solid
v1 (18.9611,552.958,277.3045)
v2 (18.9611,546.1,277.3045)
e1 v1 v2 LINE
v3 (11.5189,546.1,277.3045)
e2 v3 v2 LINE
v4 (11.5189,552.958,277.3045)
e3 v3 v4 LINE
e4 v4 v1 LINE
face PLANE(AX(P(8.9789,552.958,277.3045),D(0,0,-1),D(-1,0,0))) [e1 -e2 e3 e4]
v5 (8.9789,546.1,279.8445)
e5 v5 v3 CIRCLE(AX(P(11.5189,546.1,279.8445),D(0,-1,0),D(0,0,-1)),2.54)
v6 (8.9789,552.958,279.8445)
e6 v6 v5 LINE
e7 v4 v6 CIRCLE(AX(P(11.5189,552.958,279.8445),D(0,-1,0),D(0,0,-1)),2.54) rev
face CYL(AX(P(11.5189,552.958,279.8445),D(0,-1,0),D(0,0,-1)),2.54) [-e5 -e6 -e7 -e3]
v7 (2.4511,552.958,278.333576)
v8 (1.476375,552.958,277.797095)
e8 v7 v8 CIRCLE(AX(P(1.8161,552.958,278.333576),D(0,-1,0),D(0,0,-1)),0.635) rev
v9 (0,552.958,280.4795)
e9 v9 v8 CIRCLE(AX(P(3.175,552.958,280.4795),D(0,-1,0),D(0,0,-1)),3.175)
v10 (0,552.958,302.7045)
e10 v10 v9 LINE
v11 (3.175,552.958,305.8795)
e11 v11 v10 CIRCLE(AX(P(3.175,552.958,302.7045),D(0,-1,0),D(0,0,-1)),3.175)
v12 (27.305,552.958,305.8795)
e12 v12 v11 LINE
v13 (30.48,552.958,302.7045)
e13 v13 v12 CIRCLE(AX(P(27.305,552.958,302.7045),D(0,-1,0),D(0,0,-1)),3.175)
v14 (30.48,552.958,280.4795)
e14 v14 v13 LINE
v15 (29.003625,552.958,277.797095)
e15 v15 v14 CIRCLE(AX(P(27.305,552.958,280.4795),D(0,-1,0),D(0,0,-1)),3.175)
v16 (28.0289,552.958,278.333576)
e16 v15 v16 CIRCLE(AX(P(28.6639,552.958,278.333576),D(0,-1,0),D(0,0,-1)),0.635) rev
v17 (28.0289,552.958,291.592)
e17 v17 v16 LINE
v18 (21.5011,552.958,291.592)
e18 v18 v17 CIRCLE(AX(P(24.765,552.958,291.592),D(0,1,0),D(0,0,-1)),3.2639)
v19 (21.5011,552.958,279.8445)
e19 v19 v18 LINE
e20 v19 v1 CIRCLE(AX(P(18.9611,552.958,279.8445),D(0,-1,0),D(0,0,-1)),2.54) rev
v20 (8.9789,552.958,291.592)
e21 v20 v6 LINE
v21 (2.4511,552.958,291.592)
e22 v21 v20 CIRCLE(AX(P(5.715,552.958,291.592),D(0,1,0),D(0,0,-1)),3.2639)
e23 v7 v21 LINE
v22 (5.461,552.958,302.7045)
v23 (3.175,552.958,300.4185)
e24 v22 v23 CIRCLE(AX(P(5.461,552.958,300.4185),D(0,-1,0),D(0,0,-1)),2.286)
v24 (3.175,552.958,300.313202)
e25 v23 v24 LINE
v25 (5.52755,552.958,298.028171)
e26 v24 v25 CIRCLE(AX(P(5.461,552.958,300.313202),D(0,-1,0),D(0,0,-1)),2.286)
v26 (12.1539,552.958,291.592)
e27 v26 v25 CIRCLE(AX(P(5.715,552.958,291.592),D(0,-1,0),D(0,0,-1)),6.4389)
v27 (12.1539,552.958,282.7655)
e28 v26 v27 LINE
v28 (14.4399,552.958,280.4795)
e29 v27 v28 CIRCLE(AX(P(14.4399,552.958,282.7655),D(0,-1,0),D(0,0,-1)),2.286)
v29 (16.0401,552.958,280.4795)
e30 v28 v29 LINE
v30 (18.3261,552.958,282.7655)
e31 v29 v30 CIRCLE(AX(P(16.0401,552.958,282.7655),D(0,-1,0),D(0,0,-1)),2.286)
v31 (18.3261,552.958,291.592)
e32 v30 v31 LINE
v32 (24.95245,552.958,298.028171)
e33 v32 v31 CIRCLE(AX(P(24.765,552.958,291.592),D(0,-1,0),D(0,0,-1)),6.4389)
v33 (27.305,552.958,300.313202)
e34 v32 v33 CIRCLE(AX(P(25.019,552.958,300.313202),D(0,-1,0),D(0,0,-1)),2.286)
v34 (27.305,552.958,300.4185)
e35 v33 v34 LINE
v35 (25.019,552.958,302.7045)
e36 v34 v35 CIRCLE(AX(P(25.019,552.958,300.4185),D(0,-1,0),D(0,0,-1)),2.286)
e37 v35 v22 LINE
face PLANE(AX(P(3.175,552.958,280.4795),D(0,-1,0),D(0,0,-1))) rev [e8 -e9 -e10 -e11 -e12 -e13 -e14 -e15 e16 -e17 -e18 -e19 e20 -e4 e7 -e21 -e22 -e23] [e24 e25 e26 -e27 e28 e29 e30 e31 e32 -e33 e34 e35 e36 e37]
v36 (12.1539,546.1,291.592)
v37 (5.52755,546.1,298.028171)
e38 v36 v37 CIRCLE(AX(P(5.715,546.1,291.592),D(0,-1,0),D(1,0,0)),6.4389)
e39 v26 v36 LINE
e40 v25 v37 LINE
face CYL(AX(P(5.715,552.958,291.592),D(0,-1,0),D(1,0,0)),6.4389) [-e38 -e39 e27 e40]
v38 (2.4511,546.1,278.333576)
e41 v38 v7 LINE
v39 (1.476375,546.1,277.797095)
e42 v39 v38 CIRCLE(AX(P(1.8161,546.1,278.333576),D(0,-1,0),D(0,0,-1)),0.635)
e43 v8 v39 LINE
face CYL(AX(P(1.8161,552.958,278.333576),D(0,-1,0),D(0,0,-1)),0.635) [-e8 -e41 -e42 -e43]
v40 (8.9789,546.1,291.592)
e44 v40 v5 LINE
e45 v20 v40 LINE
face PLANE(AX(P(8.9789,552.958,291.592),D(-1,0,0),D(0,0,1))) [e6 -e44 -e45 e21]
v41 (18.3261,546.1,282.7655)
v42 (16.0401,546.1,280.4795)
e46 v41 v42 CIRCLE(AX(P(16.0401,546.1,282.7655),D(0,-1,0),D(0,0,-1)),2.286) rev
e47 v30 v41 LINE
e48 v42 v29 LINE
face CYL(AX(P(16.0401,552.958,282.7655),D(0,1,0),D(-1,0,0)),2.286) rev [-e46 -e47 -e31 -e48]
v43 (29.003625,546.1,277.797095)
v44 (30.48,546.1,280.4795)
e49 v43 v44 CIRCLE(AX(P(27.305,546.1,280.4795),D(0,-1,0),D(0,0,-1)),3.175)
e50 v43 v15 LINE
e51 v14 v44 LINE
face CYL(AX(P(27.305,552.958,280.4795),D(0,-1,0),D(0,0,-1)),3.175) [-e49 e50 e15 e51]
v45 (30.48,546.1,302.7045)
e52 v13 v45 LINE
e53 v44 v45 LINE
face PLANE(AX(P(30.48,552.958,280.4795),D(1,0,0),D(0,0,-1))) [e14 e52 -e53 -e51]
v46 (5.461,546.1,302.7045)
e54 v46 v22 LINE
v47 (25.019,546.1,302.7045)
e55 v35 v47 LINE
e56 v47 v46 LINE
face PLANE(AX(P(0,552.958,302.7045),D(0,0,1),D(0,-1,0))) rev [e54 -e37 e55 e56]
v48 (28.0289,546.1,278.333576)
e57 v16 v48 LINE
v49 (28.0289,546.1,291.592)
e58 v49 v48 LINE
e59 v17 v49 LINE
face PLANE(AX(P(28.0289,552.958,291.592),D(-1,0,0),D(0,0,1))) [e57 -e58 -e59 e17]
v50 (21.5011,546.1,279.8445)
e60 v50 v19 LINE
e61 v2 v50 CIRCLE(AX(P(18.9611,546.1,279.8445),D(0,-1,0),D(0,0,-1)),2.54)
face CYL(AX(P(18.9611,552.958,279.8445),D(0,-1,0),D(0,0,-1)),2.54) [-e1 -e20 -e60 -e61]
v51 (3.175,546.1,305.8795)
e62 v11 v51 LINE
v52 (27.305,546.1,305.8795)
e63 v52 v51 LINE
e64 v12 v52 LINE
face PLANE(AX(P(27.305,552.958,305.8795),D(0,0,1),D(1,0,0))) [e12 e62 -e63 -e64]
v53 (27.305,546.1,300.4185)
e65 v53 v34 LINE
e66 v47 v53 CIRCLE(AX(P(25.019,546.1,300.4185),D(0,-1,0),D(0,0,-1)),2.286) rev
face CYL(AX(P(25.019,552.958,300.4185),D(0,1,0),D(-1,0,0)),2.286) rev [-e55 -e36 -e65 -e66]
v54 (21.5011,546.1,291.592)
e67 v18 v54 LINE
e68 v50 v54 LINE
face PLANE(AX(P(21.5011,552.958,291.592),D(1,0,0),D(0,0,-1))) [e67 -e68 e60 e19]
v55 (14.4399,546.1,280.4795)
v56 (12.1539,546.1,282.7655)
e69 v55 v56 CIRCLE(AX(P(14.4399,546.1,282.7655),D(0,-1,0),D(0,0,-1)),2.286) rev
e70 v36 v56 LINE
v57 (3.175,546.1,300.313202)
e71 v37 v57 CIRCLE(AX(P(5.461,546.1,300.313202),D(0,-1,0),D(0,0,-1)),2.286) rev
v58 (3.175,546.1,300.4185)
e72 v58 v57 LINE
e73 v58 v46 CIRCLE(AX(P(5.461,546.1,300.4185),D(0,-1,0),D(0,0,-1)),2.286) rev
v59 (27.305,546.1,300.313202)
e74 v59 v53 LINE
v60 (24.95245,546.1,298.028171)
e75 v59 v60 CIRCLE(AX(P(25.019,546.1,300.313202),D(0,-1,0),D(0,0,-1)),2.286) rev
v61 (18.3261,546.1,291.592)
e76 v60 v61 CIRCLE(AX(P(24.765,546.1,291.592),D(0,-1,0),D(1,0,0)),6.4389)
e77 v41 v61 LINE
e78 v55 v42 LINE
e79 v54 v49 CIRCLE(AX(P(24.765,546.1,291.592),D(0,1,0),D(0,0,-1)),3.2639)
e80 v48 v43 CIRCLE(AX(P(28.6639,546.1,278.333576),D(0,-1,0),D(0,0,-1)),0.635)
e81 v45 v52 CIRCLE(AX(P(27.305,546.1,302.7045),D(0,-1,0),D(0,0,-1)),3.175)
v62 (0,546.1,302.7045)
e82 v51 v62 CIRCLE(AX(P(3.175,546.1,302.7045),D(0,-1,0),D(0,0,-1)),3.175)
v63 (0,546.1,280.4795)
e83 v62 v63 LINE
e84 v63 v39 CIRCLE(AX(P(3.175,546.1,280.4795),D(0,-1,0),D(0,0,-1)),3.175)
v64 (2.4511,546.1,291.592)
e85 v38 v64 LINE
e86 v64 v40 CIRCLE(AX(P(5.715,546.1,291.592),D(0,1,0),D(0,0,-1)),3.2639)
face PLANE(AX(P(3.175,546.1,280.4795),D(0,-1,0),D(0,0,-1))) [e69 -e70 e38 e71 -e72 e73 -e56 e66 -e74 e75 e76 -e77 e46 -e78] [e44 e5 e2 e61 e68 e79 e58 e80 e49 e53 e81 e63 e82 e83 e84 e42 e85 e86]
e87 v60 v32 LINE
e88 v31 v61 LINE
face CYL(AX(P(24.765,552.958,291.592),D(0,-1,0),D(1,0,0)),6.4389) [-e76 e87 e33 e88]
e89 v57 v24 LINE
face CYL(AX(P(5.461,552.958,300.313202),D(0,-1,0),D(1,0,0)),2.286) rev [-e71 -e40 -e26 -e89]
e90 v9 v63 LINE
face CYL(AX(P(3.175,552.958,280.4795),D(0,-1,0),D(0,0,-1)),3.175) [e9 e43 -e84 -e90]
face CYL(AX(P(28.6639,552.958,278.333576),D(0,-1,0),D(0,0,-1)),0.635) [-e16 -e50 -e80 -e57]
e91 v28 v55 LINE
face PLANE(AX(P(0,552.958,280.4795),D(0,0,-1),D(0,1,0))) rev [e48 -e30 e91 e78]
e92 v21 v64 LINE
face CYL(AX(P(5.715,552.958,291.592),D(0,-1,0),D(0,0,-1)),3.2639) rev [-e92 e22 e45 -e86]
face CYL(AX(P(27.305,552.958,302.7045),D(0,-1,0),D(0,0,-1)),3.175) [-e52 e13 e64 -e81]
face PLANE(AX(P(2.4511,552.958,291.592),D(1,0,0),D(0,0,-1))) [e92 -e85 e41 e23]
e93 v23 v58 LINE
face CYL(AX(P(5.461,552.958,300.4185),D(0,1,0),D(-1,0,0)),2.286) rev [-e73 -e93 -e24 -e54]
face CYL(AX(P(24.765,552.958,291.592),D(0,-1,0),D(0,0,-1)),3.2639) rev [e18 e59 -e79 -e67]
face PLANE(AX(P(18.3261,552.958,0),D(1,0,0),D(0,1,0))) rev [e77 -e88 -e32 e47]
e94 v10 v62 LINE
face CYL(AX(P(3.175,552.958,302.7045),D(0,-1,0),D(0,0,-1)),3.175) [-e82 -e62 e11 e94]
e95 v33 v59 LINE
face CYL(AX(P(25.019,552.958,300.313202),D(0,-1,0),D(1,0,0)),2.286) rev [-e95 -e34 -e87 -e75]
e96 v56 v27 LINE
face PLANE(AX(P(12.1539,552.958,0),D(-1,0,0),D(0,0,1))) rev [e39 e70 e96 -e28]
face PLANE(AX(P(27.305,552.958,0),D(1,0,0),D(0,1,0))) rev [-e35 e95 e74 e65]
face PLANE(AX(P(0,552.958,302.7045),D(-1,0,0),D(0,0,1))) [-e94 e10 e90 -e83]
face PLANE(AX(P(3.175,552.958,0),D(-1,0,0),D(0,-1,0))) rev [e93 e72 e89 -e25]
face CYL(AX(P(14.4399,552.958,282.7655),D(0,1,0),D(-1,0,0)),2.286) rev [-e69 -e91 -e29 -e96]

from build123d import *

# Parameters (mm, degrees)
BOSS_EXTRUDE1_DEPTH     = 6.858
FILLET1_R               = 2.54
FILLET2_R               = 0.635
CUT_EXTRUDE1_DEPTH      = 308.470862171
CUT_EXTRUDE1_DEPTH_BACK = 308.470862171
FILLET3_R               = 2.286


with BuildPart() as part:
    # Sketch1 → Boss-Extrude1 (new body)
    with BuildSketch(Plane(origin=(0, 546.1, 533.938575125), x_dir=(1, 0, 0), z_dir=(0, -1, 0))):
        with BuildLine():
            Line((21.5011, -242.346575125), (21.5011, -256.634075125))
            Line((21.5011, -256.634075125), (8.9789, -256.634075125))
            Line((8.9789, -256.634075125), (8.9789, -242.346575125))
            ThreePointArc((8.9789, -242.346575125), (5.715, -239.082675125), (2.4511, -242.346575125))
            Line((2.4511, -242.346575125), (2.4511, -256.550449219))
            ThreePointArc((2.4511, -256.550449219), (0.687128671, -255.431667645), (0, -253.459075125))
            Line((0, -253.459075125), (0, -231.234075125))
            ThreePointArc((0, -231.234075125), (0.92993597, -228.989011095), (3.175, -228.059075125))
            Line((3.175, -228.059075125), (27.305, -228.059075125))
            ThreePointArc((27.305, -228.059075125), (29.55006403, -228.989011095), (30.48, -231.234075125))
            Line((30.48, -231.234075125), (30.48, -253.459075125))
            ThreePointArc((30.48, -253.459075125), (29.792871329, -255.431667645), (28.0289, -256.550449219))
            Line((28.0289, -256.550449219), (28.0289, -242.346575125))
            ThreePointArc((28.0289, -242.346575125), (24.765, -239.082675125), (21.5011, -242.346575125))
        make_face()
    extrude(amount=-BOSS_EXTRUDE1_DEPTH)

    # Fillet1
    fillet1_edges = [part.edges().sort_by_distance(p)[0] for p in [
        (21.5011, 549.529, 277.3045),
        (8.9789, 549.529, 277.3045),
    ]]
    fillet(fillet1_edges, radius=FILLET1_R)

    # Fillet2
    fillet2_edges = [part.edges().sort_by_distance(p)[0] for p in [
        (28.0289, 549.529, 277.388125906),
        (2.4511, 549.529, 277.388125906),
    ]]
    fillet(fillet2_edges, radius=FILLET2_R)

    # Sketch2 → Cut-Extrude1 (cut, two sides)
    with BuildSketch(Plane.XZ.offset(-546.1)) as cut_extrude1_sk:
        with BuildLine():
            Line((27.305, 297.508741773), (27.305, 302.7045))
            Line((27.305, 302.7045), (3.175, 302.7045))
            Line((3.175, 302.7045), (3.175, 297.508741773))
            ThreePointArc((3.175, 297.508741773), (9.257924442, 296.968534163), (12.1539, 291.592))
            Line((12.1539, 291.592), (12.1539, 280.4795))
            Line((12.1539, 280.4795), (18.3261, 280.4795))
            Line((18.3261, 280.4795), (18.3261, 291.592))
            ThreePointArc((18.3261, 291.592), (21.222075558, 296.968534163), (27.305, 297.508741773))
        make_face()
    extrude(amount=CUT_EXTRUDE1_DEPTH, mode=Mode.SUBTRACT)
    extrude(cut_extrude1_sk.sketch, amount=-CUT_EXTRUDE1_DEPTH_BACK, mode=Mode.SUBTRACT)

    # Fillet3
    fillet3_edges = [part.edges().sort_by_distance(p)[0] for p in [
        (27.305, 549.529, 297.508741773),
        (18.3261, 549.529, 280.4795),
        (12.1539, 549.529, 280.4795),
        (3.175, 549.529, 297.508741773),
        (3.175, 549.529, 302.7045),
        (27.305, 549.529, 302.7045),
    ]]
    fillet(fillet3_edges, radius=FILLET3_R)


solid = part.part
